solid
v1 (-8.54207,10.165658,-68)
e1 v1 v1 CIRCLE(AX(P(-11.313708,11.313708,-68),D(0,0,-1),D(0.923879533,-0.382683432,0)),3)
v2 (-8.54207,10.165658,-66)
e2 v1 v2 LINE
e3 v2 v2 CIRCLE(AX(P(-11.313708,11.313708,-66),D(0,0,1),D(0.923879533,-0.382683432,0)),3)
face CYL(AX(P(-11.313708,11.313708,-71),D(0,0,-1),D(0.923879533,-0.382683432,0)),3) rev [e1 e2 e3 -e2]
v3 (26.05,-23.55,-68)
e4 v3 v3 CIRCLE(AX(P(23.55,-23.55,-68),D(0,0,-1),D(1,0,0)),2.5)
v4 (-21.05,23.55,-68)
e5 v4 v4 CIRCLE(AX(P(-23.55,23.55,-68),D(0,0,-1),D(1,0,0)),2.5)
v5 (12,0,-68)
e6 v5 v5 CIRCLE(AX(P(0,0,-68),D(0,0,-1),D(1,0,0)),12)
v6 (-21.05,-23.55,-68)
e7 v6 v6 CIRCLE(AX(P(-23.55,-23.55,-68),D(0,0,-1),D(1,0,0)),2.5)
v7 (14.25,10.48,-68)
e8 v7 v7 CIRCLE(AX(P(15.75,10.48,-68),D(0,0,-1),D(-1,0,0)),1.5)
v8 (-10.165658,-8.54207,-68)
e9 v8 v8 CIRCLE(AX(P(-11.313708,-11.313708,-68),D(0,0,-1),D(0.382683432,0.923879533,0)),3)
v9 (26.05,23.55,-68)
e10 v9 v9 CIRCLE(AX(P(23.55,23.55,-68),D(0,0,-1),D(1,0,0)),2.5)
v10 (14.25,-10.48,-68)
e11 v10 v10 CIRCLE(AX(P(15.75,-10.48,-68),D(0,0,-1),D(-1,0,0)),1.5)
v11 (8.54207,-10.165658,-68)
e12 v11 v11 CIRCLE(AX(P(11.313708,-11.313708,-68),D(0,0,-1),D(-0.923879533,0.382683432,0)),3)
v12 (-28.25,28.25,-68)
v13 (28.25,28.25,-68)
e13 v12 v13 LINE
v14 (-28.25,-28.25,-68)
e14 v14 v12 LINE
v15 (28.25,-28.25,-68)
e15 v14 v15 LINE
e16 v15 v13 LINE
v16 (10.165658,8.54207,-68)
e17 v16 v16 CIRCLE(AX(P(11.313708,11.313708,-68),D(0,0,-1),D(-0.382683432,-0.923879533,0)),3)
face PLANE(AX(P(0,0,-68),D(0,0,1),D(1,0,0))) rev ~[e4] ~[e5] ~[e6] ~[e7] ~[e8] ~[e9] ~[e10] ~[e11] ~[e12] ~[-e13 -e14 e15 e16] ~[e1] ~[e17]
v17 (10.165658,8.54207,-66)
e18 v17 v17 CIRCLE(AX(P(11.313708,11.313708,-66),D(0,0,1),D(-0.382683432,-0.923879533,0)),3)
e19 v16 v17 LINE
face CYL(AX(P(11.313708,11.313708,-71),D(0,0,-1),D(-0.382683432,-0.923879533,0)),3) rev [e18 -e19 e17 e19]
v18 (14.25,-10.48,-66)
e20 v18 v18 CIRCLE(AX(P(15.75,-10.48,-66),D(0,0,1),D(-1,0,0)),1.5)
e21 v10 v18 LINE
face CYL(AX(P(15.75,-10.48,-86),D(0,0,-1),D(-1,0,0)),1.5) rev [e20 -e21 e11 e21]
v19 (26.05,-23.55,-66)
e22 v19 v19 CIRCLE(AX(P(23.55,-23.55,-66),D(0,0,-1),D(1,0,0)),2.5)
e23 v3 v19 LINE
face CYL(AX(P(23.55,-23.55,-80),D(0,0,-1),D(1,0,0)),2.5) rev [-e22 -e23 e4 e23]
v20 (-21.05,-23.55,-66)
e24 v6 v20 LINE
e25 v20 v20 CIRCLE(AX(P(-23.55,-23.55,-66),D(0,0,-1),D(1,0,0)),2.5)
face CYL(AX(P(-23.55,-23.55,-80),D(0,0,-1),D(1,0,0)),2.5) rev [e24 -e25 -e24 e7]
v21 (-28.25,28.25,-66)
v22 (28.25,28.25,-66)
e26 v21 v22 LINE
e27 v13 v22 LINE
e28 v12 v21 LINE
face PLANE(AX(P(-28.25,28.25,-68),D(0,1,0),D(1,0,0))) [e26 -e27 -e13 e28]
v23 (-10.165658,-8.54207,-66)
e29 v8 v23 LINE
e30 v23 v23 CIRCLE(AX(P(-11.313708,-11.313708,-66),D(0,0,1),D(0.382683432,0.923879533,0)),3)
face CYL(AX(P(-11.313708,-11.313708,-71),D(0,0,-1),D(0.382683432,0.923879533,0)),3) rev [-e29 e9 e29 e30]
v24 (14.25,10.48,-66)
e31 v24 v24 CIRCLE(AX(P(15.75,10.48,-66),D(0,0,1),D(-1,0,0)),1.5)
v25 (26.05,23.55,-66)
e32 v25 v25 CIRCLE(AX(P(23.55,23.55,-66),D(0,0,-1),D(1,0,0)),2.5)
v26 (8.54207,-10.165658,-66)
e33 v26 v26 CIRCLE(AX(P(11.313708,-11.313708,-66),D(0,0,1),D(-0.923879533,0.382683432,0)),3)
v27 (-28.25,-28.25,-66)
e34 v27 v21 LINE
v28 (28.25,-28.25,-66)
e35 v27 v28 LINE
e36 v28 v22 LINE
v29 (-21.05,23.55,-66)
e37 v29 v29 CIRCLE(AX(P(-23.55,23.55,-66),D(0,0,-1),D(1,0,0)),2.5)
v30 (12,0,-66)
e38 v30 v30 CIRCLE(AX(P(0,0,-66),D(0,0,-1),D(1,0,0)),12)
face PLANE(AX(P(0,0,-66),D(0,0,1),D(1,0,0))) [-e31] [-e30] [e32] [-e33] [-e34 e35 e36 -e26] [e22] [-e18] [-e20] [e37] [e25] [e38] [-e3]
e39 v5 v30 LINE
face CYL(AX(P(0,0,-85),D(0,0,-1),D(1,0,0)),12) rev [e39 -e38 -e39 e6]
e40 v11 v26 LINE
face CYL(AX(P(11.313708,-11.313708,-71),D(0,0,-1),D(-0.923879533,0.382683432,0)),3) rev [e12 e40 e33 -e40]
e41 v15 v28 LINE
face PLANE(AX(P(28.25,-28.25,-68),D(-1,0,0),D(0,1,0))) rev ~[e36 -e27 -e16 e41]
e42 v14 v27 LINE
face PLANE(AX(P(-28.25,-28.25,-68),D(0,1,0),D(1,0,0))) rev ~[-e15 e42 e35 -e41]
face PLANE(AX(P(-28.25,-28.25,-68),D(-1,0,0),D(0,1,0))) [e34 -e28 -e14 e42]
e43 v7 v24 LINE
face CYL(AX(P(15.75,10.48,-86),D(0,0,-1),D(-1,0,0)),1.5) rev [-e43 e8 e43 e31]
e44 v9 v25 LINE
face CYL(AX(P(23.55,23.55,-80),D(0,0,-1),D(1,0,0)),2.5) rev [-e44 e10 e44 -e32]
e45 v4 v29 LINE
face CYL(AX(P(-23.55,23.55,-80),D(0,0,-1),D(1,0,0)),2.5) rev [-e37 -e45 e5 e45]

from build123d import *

# Parameters (mm, degrees)
BOX268_W                    = 56.5
BOX268_H                    = 56.5
BOX268_DEPTH                = 2
CYLINDER687_R               = 1.5
CYLINDER687_DEPTH           = 20
CYLINDER686_R               = 1.5
CYLINDER686_DEPTH           = 20
COMPOUND411_PLACEMENT_ANGLE = 90
BOX266_W                    = 20
BOX266_H                    = 8
BOX266_DEPTH                = 3
BOX265_W                    = 20
BOX265_H                    = 8
BOX265_DEPTH                = 3
BOX267_W                    = 20
BOX267_H                    = 8
BOX267_DEPTH                = 3
BOX264_W                    = 20
BOX264_H                    = 8
BOX264_DEPTH                = 3
CYLINDER682_R               = 12
CYLINDER682_DEPTH           = 20
CYLINDER672_R               = 5
CYLINDER672_DEPTH           = 4
CYLINDER670_R               = 5
CYLINDER670_DEPTH           = 4
CYLINDER674_R               = 5
CYLINDER674_DEPTH           = 4
CYLINDER675_R               = 5
CYLINDER675_DEPTH           = 4
CYLINDER683_R               = 2.5
CYLINDER683_DEPTH           = 20
CYLINDER673_R               = 2.5
CYLINDER673_DEPTH           = 20
CYLINDER676_R               = 2.5
CYLINDER676_DEPTH           = 20
CYLINDER684_R               = 2.5
CYLINDER684_DEPTH           = 20
CYLINDER681_R               = 3
CYLINDER681_DEPTH           = 5
CYLINDER681_PLACEMENT_ANGLE = 22.5
CYLINDER669_R               = 3
CYLINDER669_DEPTH           = 5
CYLINDER669_PLACEMENT_ANGLE = 67.5
CYLINDER680_R               = 3
CYLINDER680_DEPTH           = 5
CYLINDER680_PLACEMENT_ANGLE = 202.5
CYLINDER677_R               = 3
CYLINDER677_DEPTH           = 5
CYLINDER677_PLACEMENT_ANGLE = 112.5
COMPOUND408_PLACEMENT_ANGLE = 45
CYLINDER679_R               = 1.5
CYLINDER679_DEPTH           = 30
CYLINDER679_PLACEMENT_ANGLE = 22.5
CYLINDER678_R               = 1.5
CYLINDER678_DEPTH           = 30
CYLINDER678_PLACEMENT_ANGLE = 67.5
CYLINDER685_R               = 1.5
CYLINDER685_DEPTH           = 30
CYLINDER685_PLACEMENT_ANGLE = 202.5
CYLINDER671_R               = 1.5
CYLINDER671_DEPTH           = 30
CYLINDER671_PLACEMENT_ANGLE = 112.5
COMPOUND409_PLACEMENT_ANGLE = 45
BOX263_W                    = 68
BOX263_H                    = 64
BOX263_DEPTH                = 8


with BuildPart() as krychle268:
    # Box268 → Box268 (new body)
    with BuildSketch(Plane(origin=(-28.25, -28.25, -68), x_dir=(1, 0, 0), z_dir=(0, 0, 1))):
        with Locations((28.25, 28.25)):
            Rectangle(BOX268_W, BOX268_H)
    extrude(amount=BOX268_DEPTH)


with BuildPart() as v_lec687:
    # Cylinder687 → Cylinder687 (new body)
    with BuildSketch(Plane(origin=(15.75, 114, 59.48), x_dir=(-1, 0, 0), z_dir=(0, 1, 0))):
        Circle(CYLINDER687_R)
    extrude(amount=CYLINDER687_DEPTH)


with BuildPart() as compound411:
    # Cylinder686 → Cylinder686 (new body)
    with BuildSketch(Plane(origin=(15.75, 114, 38.52), x_dir=(-1, 0, 0), z_dir=(0, 1, 0))):
        Circle(CYLINDER686_R)
    extrude(amount=CYLINDER686_DEPTH)

    # Compound411: union Válec687
    add(v_lec687.part)


with BuildPart() as compound411_1:
    # Compound411 placement: moved
    add(compound411.part.moved(Location((0, 49, -200))).rotate(Axis((0, 49, -200), (1, 0, 0)), COMPOUND411_PLACEMENT_ANGLE))


with BuildPart() as krychle266:
    # Box266 → Box266 (new body)
    with BuildSketch(Plane(origin=(17.55, -27.55, 31), x_dir=(1, 0, 0), z_dir=(0, 0, 1))):
        with Locations((10, 4)):
            Rectangle(BOX266_W, BOX266_H)
    extrude(amount=BOX266_DEPTH)


with BuildPart() as krychle265:
    # Box265 → Box265 (new body)
    with BuildSketch(Plane(origin=(-37.45, 19.55, 31), x_dir=(1, 0, 0), z_dir=(0, 0, 1))):
        with Locations((10, 4)):
            Rectangle(BOX265_W, BOX265_H)
    extrude(amount=BOX265_DEPTH)


with BuildPart() as krychle267:
    # Box267 → Box267 (new body)
    with BuildSketch(Plane(origin=(-37.45, -27.55, 31), x_dir=(1, 0, 0), z_dir=(0, 0, 1))):
        with Locations((10, 4)):
            Rectangle(BOX267_W, BOX267_H)
    extrude(amount=BOX267_DEPTH)


with BuildPart() as compound410:
    # Box264 → Box264 (new body)
    with BuildSketch(Plane(origin=(17.55, 19.55, 31), x_dir=(1, 0, 0), z_dir=(0, 0, 1))):
        with Locations((10, 4)):
            Rectangle(BOX264_W, BOX264_H)
    extrude(amount=BOX264_DEPTH)

    # Compound410: union Krychle266, Krychle265, Krychle267
    add(krychle266.part)
    add(krychle265.part)
    add(krychle267.part)


with BuildPart() as compound410_1:
    # Compound410 placement: moved
    add(compound410.part.moved(Location((0, 0, -4))))


with BuildPart() as v_lec682:
    # Cylinder682 → Cylinder682 (new body)
    with BuildSketch(Plane.XY.offset(15)):
        Circle(CYLINDER682_R)
    extrude(amount=CYLINDER682_DEPTH)


with BuildPart() as v_lec672:
    # Cylinder672 → Cylinder672 (new body)
    with BuildSketch(Plane(origin=(23.55, 23.55, 26), x_dir=(1, 0, 0), z_dir=(0, 0, 1))):
        Circle(CYLINDER672_R)
    extrude(amount=CYLINDER672_DEPTH)


with BuildPart() as v_lec670:
    # Cylinder670 → Cylinder670 (new body)
    with BuildSketch(Plane(origin=(23.55, -23.55, 26), x_dir=(1, 0, 0), z_dir=(0, 0, 1))):
        Circle(CYLINDER670_R)
    extrude(amount=CYLINDER670_DEPTH)


with BuildPart() as v_lec674:
    # Cylinder674 → Cylinder674 (new body)
    with BuildSketch(Plane(origin=(-23.55, 23.55, 26), x_dir=(1, 0, 0), z_dir=(0, 0, 1))):
        Circle(CYLINDER674_R)
    extrude(amount=CYLINDER674_DEPTH)


with BuildPart() as compound406:
    # Cylinder675 → Cylinder675 (new body)
    with BuildSketch(Plane(origin=(-23.55, -23.55, 26), x_dir=(1, 0, 0), z_dir=(0, 0, 1))):
        Circle(CYLINDER675_R)
    extrude(amount=CYLINDER675_DEPTH)

    # Compound406: union Válec672, Válec670, Válec674
    add(v_lec672.part)
    add(v_lec670.part)
    add(v_lec674.part)


with BuildPart() as compound406_1:
    # Compound406 placement: moved
    add(compound406.part.moved(Location((0, 0, -50))))


with BuildPart() as v_lec683:
    # Cylinder683 → Cylinder683 (new body)
    with BuildSketch(Plane(origin=(-23.55, 23.55, 20), x_dir=(1, 0, 0), z_dir=(0, 0, 1))):
        Circle(CYLINDER683_R)
    extrude(amount=CYLINDER683_DEPTH)


with BuildPart() as v_lec673:
    # Cylinder673 → Cylinder673 (new body)
    with BuildSketch(Plane(origin=(-23.55, -23.55, 20), x_dir=(1, 0, 0), z_dir=(0, 0, 1))):
        Circle(CYLINDER673_R)
    extrude(amount=CYLINDER673_DEPTH)


with BuildPart() as v_lec676:
    # Cylinder676 → Cylinder676 (new body)
    with BuildSketch(Plane(origin=(23.55, -23.55, 20), x_dir=(1, 0, 0), z_dir=(0, 0, 1))):
        Circle(CYLINDER676_R)
    extrude(amount=CYLINDER676_DEPTH)


with BuildPart() as compound407:
    # Cylinder684 → Cylinder684 (new body)
    with BuildSketch(Plane(origin=(23.55, 23.55, 20), x_dir=(1, 0, 0), z_dir=(0, 0, 1))):
        Circle(CYLINDER684_R)
    extrude(amount=CYLINDER684_DEPTH)

    # Compound407: union Válec683, Válec673, Válec676
    add(v_lec683.part)
    add(v_lec673.part)
    add(v_lec676.part)


with BuildPart() as v_lec681:
    # Cylinder681 → Cylinder681 (new body)
    with BuildSketch(Plane.XY):
        Circle(CYLINDER681_R)
    extrude(amount=CYLINDER681_DEPTH)


with BuildPart() as v_lec681_1:
    # Cylinder681 placement: moved
    add(v_lec681.part.moved(Location((-16, 0, 2))).rotate(Axis((-16, 0, 2), (0, 0, 1)), CYLINDER681_PLACEMENT_ANGLE))


with BuildPart() as v_lec669:
    # Cylinder669 → Cylinder669 (new body)
    with BuildSketch(Plane.XY):
        Circle(CYLINDER669_R)
    extrude(amount=CYLINDER669_DEPTH)


with BuildPart() as v_lec669_1:
    # Cylinder669 placement: moved
    add(v_lec669.part.moved(Location((0, 16, 2))).rotate(Axis((0, 16, 2), (0, 0, -1)), CYLINDER669_PLACEMENT_ANGLE))


with BuildPart() as v_lec680:
    # Cylinder680 → Cylinder680 (new body)
    with BuildSketch(Plane.XY):
        Circle(CYLINDER680_R)
    extrude(amount=CYLINDER680_DEPTH)


with BuildPart() as v_lec680_1:
    # Cylinder680 placement: moved
    add(v_lec680.part.moved(Location((16, 0, 2))).rotate(Axis((16, 0, 2), (0, 0, 1)), CYLINDER680_PLACEMENT_ANGLE))


with BuildPart() as compound408:
    # Cylinder677 → Cylinder677 (new body)
    with BuildSketch(Plane.XY):
        Circle(CYLINDER677_R)
    extrude(amount=CYLINDER677_DEPTH)


with BuildPart() as compound408_1:
    # Cylinder677 placement: moved
    add(compound408.part.moved(Location((0, -16, 2))).rotate(Axis((0, -16, 2), (0, 0, 1)), CYLINDER677_PLACEMENT_ANGLE))

    # Compound408: union Válec681, Válec669, Válec680
    add(v_lec681_1.part)
    add(v_lec669_1.part)
    add(v_lec680_1.part)


with BuildPart() as compound408_2:
    # Compound408 placement: moved
    add(compound408_1.part.moved(Location((0, 0, 27))).rotate(Axis((0, 0, 27), (0, 0, 1)), COMPOUND408_PLACEMENT_ANGLE))


with BuildPart() as v_lec679:
    # Cylinder679 → Cylinder679 (new body)
    with BuildSketch(Plane.XY):
        Circle(CYLINDER679_R)
    extrude(amount=CYLINDER679_DEPTH)


with BuildPart() as v_lec679_1:
    # Cylinder679 placement: moved
    add(v_lec679.part.moved(Location((-16, 0, 2))).rotate(Axis((-16, 0, 2), (0, 0, 1)), CYLINDER679_PLACEMENT_ANGLE))


with BuildPart() as v_lec678:
    # Cylinder678 → Cylinder678 (new body)
    with BuildSketch(Plane.XY):
        Circle(CYLINDER678_R)
    extrude(amount=CYLINDER678_DEPTH)


with BuildPart() as v_lec678_1:
    # Cylinder678 placement: moved
    add(v_lec678.part.moved(Location((0, 16, 2))).rotate(Axis((0, 16, 2), (0, 0, -1)), CYLINDER678_PLACEMENT_ANGLE))


with BuildPart() as v_lec685:
    # Cylinder685 → Cylinder685 (new body)
    with BuildSketch(Plane.XY):
        Circle(CYLINDER685_R)
    extrude(amount=CYLINDER685_DEPTH)


with BuildPart() as v_lec685_1:
    # Cylinder685 placement: moved
    add(v_lec685.part.moved(Location((16, 0, 2))).rotate(Axis((16, 0, 2), (0, 0, 1)), CYLINDER685_PLACEMENT_ANGLE))


with BuildPart() as compound409:
    # Cylinder671 → Cylinder671 (new body)
    with BuildSketch(Plane.XY):
        Circle(CYLINDER671_R)
    extrude(amount=CYLINDER671_DEPTH)


with BuildPart() as compound409_1:
    # Cylinder671 placement: moved
    add(compound409.part.moved(Location((0, -16, 2))).rotate(Axis((0, -16, 2), (0, 0, 1)), CYLINDER671_PLACEMENT_ANGLE))

    # Compound409: union Válec679, Válec678, Válec685
    add(v_lec679_1.part)
    add(v_lec678_1.part)
    add(v_lec685_1.part)


with BuildPart() as compound409_2:
    # Compound409 placement: moved
    add(compound409_1.part.moved(Location((0, 0, 14))).rotate(Axis((0, 0, 14), (0, 0, 1)), COMPOUND409_PLACEMENT_ANGLE))


with BuildPart() as common001:
    # Box263 → Box263 (new body)
    with BuildSketch(Plane(origin=(-34, -32, 26), x_dir=(1, 0, 0), z_dir=(0, 0, 1))):
        with Locations((34, 32)):
            Rectangle(BOX263_W, BOX263_H)
    extrude(amount=BOX263_DEPTH)

    # Cut271: cut Compound409
    add(compound409_2.part, mode=Mode.SUBTRACT)

    # Cut270: cut Compound408
    add(compound408_2.part, mode=Mode.SUBTRACT)

    # Cut272: cut Compound407
    add(compound407.part, mode=Mode.SUBTRACT)

    # Cut269: cut Compound406
    add(compound406_1.part, mode=Mode.SUBTRACT)

    # Cut268: cut Válec682
    add(v_lec682.part, mode=Mode.SUBTRACT)

    # Cut267: cut Compound410
    add(compound410_1.part, mode=Mode.SUBTRACT)


with BuildPart() as common001_1:
    # Cut267 placement: moved
    add(common001.part.moved(Location((0, 0, -100))))

    # Cut: cut Compound411
    add(compound411_1.part, mode=Mode.SUBTRACT)

    # Common001: intersect Krychle268
    add(krychle268.part, mode=Mode.INTERSECT)


solid = common001_1.part
